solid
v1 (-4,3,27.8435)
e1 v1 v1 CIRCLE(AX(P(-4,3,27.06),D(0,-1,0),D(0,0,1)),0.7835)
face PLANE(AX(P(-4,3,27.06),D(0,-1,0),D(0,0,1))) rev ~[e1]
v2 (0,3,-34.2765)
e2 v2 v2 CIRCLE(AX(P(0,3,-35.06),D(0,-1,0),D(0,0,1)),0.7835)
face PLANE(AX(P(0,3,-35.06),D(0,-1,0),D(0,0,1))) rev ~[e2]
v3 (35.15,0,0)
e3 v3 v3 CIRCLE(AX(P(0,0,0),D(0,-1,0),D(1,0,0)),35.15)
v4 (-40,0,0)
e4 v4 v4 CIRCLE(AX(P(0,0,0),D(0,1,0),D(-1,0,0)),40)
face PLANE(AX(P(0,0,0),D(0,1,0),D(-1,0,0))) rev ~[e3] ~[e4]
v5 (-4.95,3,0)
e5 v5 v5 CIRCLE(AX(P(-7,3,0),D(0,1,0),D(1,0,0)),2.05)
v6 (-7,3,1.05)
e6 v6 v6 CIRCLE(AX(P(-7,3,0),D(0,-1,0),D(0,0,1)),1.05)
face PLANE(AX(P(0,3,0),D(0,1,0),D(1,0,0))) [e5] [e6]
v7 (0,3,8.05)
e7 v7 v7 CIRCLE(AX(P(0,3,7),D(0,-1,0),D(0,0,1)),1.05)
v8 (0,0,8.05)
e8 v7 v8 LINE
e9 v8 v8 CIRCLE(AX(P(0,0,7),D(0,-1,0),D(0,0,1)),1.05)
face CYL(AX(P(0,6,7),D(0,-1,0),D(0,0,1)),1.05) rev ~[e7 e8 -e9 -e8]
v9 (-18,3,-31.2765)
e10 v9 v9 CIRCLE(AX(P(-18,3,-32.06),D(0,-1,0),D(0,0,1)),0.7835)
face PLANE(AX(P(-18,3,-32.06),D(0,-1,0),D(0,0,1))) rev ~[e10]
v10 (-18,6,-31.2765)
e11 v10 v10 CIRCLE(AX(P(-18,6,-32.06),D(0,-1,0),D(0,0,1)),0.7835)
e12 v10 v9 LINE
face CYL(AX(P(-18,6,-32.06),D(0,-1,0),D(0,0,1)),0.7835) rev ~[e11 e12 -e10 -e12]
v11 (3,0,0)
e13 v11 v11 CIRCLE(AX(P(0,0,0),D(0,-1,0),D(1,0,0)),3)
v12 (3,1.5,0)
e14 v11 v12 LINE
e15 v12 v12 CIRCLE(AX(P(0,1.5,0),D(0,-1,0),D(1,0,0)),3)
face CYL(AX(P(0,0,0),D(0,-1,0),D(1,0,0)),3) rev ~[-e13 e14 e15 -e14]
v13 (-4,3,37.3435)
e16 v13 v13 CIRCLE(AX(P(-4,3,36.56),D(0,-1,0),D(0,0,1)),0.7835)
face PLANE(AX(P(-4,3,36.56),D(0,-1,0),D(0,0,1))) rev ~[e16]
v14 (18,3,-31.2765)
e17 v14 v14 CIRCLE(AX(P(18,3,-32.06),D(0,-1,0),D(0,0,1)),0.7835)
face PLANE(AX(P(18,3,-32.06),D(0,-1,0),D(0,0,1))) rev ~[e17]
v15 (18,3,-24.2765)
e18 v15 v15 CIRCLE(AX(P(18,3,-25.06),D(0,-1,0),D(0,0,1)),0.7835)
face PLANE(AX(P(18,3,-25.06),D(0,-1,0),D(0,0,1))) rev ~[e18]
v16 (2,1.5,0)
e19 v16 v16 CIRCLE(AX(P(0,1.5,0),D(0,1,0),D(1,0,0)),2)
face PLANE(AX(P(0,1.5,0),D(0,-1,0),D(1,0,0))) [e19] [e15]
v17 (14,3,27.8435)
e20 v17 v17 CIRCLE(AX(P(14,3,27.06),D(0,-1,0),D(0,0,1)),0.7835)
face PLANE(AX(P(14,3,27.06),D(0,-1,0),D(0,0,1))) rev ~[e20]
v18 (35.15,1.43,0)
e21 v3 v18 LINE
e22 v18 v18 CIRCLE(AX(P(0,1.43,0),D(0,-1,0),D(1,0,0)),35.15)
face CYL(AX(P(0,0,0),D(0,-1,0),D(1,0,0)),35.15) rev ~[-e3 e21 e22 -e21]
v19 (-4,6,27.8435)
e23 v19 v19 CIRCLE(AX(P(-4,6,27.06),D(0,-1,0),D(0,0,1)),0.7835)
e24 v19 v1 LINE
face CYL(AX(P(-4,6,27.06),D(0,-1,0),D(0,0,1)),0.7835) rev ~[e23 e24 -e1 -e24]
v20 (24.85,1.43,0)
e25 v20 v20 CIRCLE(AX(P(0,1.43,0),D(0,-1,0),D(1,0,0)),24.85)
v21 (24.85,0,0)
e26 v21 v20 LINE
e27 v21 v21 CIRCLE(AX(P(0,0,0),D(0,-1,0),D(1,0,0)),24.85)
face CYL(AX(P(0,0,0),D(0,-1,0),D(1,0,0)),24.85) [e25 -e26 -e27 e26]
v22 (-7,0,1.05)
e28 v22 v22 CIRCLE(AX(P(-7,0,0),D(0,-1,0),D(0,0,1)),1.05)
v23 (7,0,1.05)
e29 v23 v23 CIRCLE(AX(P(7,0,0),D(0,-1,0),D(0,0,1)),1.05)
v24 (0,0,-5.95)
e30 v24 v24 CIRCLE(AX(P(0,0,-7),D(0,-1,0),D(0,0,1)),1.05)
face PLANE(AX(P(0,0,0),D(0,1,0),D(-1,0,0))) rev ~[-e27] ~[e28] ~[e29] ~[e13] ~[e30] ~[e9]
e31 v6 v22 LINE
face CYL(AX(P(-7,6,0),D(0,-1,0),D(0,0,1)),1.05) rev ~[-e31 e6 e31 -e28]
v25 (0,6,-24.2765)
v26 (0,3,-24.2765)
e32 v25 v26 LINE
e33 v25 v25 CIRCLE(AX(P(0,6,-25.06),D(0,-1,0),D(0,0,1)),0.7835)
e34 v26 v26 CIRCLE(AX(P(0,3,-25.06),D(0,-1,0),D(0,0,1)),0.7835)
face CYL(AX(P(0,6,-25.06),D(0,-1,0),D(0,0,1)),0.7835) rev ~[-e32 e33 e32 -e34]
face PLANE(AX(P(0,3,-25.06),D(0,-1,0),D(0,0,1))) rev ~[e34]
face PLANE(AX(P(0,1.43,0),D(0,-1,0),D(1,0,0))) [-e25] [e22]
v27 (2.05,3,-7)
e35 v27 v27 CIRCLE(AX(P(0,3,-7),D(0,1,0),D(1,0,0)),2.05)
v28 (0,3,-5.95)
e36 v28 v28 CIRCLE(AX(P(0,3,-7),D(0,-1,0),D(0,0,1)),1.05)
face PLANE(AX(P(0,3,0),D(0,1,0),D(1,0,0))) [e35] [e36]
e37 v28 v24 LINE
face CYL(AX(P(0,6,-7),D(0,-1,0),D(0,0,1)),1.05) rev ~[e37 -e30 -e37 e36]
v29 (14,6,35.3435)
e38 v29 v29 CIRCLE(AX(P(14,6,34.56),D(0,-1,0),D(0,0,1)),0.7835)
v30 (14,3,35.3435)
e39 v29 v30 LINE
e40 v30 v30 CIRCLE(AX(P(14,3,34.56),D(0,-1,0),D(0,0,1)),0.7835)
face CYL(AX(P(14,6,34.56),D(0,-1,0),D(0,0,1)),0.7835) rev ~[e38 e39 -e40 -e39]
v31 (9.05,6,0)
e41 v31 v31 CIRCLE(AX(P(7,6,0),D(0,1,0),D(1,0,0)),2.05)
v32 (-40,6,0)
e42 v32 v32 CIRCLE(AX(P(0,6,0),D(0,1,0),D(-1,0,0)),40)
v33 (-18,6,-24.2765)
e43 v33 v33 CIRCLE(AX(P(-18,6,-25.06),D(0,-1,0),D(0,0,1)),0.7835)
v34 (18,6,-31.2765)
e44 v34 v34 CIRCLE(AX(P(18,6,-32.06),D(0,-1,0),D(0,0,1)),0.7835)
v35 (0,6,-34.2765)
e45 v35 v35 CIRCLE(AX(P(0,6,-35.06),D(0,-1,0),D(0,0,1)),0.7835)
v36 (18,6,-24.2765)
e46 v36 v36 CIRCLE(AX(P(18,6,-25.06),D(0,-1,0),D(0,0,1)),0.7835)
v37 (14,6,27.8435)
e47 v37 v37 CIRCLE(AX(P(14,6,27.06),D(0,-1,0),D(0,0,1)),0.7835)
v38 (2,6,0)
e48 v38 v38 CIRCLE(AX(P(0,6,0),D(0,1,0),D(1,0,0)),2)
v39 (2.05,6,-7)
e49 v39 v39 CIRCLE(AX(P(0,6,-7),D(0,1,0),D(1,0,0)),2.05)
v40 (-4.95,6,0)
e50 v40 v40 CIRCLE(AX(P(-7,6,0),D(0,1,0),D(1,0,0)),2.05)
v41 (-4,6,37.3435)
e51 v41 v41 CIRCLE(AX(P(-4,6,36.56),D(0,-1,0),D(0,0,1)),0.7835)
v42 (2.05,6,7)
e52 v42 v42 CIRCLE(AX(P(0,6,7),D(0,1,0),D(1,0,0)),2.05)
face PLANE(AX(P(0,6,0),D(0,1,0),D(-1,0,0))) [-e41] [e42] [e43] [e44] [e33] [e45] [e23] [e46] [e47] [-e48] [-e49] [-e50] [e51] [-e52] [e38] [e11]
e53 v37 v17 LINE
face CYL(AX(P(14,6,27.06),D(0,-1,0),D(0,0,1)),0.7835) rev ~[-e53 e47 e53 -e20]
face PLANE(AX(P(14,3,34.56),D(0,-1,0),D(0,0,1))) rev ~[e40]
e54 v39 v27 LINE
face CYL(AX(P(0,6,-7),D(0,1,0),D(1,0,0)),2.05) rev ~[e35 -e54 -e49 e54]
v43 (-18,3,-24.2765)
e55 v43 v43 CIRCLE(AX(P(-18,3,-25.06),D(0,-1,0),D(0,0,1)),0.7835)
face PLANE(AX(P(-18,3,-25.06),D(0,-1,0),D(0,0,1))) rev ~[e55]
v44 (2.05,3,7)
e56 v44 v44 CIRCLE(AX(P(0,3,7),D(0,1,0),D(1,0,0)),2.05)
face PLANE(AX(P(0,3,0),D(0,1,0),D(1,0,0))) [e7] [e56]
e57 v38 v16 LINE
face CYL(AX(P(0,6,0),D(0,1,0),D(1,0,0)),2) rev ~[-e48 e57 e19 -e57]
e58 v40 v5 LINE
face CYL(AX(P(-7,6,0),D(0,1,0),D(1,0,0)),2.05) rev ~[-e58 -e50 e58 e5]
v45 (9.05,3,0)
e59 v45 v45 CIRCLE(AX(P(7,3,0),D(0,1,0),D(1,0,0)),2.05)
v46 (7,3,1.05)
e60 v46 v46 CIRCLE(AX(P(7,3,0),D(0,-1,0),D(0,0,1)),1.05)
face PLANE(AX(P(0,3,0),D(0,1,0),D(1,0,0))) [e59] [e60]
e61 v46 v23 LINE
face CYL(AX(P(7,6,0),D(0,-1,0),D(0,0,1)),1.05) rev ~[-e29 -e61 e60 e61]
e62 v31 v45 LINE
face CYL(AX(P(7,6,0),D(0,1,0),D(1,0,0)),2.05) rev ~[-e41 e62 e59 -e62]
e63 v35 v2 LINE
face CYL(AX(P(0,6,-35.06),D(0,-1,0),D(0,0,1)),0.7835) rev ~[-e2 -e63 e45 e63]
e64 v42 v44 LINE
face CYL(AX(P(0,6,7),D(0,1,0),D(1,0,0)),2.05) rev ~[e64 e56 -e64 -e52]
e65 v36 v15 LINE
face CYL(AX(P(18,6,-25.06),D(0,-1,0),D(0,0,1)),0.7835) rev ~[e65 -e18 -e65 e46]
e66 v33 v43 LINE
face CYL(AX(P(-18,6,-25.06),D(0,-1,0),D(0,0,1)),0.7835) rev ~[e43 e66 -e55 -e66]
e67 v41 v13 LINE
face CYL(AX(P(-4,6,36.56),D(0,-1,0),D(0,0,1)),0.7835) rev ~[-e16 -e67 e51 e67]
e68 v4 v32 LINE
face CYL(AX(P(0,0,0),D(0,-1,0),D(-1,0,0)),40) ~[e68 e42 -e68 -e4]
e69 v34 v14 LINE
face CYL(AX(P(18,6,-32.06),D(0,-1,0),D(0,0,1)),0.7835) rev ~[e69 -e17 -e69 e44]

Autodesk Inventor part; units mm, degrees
ref_plane "YZ Plane" through (0, 0, 0) normal (1, 0, 0) x (0, 1, 0)
ref_plane "XZ Plane" through (0, 0, 0) normal (0, 1, 0) x (-1, 0, 0)
ref_plane "XY Plane" through (0, 0, 0) normal (0, 0, 1) x (1, 0, 0)
sketch "Sketch1" plane through (0, 0, 0) normal (0, 1, 0) x (-1, 0, 0)
  circle A0 centre (0, 0) radius 40
  dimension "d0" = 80
extrude "Extrusion1" add sketch "Sketch1" along normal blind 6
sketch "Sketch2" plane through (0, 0, 0) normal (0, -1, 0) x (1, 0, 0)
  circle A0 centre (0, 0) radius 35.15 projected
  circle A1 centre (0, 0) radius 24.85 projected
  point P0 (0, 0)
extrude "Extrusion2" cut sketch "Sketch2" against normal blind 1.43
sketch "Sketch3" plane through (0, 6, 0) normal (0, 1, 0) x (1, 0, 0)
  circle A0 centre (-7, 0) radius 0.7835 projected
  circle A1 centre (0, 7) radius 0.7835 projected
  circle A2 centre (0, -7) radius 0.7835 projected
  circle A3 centre (7, 0) radius 0.7835 projected
  point P0 (0, 0)
hole "Hole1" at (-7, 6, 0) at (0, 6, 7) at (7, 6, 0) at (0, 6, -7) direction (0, -1, 0) diameter 2.1 end through all
sketch "Sketch4" plane through (0, 6, 0) normal (0, 1, 0) x (1, 0, 0)
  circle A0 centre (0, 7) radius 1.05 projected
  circle A1 centre (7, 0) radius 1.05 projected
  circle A2 centre (0, -7) radius 1.05 projected
  circle A3 centre (-7, 0) radius 1.05 projected
  circle A4 centre (0, 0) radius 40 projected
  circle A5 centre (-7, 0) radius 2.05
  circle A6 centre (0, -7) radius 2.05
  circle A7 centre (7, 0) radius 2.05
  circle A8 centre (0, 7) radius 2.05
  dimension "d12" = 4.1
extrude "Extrusion3" cut sketch "Sketch4" against normal blind 3 contours A5 | A6 | A7 | A8
sketch "Sketch5" plane through (0, 6, 0) normal (0, 1, 0) x (1, 0, 0)
  circle A0 centre (0, 0) radius 1.75 projected
  circle A1 centre (0, 0) radius 2
  dimension "d27" = 4
extrude "Extrusion4" cut sketch "Sketch5" against normal through all contours A0 | A1
sketch "Sketch6" plane through (0, 0, 0) normal (0, -1, 0) x (1, 0, 0)
  circle A0 centre (0, 0) radius 3
  dimension "d17" = 6
extrude "Extrusion5" cut sketch "Sketch6" against normal blind 1.5
sketch "Sketch7" plane through (0, 6, 0) normal (0, 1, 0) x (1, 0, 0)
  circle A0 centre (-4, -36.56) radius 1.05 projected
  circle A1 centre (-4, -27.06) radius 1.05 projected
  circle A2 centre (14, -27.06) radius 1.05 projected
  circle A3 centre (14, -34.56) radius 1.05 projected
  circle A4 centre (18, 25.06) radius 1.05 projected
  circle A5 centre (18, 32.06) radius 1.05 projected
  circle A6 centre (0, 35.06) radius 1.05 projected
  circle A7 centre (0, 25.06) radius 1.05 projected
  circle A8 centre (-18, 32.06) radius 1.05 projected
  circle A9 centre (-18, 25.06) radius 1.05 projected
  point P0 (0, 0)
hole "Hole2" at (-18, 6, -32.06) at (0, 6, -35.06) at (18, 6, -32.06) at (18, 6, -25.06) at (0, 6, -25.06) at (-18, 6, -25.06) at (-4, 6, 27.06) at (14, 6, 27.06) at (14, 6, 34.56) at (-4, 6, 36.56) direction (0, -1, 0) diameter 1.567 depth 3 thread size "M2x0.4" class "6H" standard "ISO Metric profile"
properties part number "axis_2_bottom_frame" material "Aluminum 6061-AHC"
